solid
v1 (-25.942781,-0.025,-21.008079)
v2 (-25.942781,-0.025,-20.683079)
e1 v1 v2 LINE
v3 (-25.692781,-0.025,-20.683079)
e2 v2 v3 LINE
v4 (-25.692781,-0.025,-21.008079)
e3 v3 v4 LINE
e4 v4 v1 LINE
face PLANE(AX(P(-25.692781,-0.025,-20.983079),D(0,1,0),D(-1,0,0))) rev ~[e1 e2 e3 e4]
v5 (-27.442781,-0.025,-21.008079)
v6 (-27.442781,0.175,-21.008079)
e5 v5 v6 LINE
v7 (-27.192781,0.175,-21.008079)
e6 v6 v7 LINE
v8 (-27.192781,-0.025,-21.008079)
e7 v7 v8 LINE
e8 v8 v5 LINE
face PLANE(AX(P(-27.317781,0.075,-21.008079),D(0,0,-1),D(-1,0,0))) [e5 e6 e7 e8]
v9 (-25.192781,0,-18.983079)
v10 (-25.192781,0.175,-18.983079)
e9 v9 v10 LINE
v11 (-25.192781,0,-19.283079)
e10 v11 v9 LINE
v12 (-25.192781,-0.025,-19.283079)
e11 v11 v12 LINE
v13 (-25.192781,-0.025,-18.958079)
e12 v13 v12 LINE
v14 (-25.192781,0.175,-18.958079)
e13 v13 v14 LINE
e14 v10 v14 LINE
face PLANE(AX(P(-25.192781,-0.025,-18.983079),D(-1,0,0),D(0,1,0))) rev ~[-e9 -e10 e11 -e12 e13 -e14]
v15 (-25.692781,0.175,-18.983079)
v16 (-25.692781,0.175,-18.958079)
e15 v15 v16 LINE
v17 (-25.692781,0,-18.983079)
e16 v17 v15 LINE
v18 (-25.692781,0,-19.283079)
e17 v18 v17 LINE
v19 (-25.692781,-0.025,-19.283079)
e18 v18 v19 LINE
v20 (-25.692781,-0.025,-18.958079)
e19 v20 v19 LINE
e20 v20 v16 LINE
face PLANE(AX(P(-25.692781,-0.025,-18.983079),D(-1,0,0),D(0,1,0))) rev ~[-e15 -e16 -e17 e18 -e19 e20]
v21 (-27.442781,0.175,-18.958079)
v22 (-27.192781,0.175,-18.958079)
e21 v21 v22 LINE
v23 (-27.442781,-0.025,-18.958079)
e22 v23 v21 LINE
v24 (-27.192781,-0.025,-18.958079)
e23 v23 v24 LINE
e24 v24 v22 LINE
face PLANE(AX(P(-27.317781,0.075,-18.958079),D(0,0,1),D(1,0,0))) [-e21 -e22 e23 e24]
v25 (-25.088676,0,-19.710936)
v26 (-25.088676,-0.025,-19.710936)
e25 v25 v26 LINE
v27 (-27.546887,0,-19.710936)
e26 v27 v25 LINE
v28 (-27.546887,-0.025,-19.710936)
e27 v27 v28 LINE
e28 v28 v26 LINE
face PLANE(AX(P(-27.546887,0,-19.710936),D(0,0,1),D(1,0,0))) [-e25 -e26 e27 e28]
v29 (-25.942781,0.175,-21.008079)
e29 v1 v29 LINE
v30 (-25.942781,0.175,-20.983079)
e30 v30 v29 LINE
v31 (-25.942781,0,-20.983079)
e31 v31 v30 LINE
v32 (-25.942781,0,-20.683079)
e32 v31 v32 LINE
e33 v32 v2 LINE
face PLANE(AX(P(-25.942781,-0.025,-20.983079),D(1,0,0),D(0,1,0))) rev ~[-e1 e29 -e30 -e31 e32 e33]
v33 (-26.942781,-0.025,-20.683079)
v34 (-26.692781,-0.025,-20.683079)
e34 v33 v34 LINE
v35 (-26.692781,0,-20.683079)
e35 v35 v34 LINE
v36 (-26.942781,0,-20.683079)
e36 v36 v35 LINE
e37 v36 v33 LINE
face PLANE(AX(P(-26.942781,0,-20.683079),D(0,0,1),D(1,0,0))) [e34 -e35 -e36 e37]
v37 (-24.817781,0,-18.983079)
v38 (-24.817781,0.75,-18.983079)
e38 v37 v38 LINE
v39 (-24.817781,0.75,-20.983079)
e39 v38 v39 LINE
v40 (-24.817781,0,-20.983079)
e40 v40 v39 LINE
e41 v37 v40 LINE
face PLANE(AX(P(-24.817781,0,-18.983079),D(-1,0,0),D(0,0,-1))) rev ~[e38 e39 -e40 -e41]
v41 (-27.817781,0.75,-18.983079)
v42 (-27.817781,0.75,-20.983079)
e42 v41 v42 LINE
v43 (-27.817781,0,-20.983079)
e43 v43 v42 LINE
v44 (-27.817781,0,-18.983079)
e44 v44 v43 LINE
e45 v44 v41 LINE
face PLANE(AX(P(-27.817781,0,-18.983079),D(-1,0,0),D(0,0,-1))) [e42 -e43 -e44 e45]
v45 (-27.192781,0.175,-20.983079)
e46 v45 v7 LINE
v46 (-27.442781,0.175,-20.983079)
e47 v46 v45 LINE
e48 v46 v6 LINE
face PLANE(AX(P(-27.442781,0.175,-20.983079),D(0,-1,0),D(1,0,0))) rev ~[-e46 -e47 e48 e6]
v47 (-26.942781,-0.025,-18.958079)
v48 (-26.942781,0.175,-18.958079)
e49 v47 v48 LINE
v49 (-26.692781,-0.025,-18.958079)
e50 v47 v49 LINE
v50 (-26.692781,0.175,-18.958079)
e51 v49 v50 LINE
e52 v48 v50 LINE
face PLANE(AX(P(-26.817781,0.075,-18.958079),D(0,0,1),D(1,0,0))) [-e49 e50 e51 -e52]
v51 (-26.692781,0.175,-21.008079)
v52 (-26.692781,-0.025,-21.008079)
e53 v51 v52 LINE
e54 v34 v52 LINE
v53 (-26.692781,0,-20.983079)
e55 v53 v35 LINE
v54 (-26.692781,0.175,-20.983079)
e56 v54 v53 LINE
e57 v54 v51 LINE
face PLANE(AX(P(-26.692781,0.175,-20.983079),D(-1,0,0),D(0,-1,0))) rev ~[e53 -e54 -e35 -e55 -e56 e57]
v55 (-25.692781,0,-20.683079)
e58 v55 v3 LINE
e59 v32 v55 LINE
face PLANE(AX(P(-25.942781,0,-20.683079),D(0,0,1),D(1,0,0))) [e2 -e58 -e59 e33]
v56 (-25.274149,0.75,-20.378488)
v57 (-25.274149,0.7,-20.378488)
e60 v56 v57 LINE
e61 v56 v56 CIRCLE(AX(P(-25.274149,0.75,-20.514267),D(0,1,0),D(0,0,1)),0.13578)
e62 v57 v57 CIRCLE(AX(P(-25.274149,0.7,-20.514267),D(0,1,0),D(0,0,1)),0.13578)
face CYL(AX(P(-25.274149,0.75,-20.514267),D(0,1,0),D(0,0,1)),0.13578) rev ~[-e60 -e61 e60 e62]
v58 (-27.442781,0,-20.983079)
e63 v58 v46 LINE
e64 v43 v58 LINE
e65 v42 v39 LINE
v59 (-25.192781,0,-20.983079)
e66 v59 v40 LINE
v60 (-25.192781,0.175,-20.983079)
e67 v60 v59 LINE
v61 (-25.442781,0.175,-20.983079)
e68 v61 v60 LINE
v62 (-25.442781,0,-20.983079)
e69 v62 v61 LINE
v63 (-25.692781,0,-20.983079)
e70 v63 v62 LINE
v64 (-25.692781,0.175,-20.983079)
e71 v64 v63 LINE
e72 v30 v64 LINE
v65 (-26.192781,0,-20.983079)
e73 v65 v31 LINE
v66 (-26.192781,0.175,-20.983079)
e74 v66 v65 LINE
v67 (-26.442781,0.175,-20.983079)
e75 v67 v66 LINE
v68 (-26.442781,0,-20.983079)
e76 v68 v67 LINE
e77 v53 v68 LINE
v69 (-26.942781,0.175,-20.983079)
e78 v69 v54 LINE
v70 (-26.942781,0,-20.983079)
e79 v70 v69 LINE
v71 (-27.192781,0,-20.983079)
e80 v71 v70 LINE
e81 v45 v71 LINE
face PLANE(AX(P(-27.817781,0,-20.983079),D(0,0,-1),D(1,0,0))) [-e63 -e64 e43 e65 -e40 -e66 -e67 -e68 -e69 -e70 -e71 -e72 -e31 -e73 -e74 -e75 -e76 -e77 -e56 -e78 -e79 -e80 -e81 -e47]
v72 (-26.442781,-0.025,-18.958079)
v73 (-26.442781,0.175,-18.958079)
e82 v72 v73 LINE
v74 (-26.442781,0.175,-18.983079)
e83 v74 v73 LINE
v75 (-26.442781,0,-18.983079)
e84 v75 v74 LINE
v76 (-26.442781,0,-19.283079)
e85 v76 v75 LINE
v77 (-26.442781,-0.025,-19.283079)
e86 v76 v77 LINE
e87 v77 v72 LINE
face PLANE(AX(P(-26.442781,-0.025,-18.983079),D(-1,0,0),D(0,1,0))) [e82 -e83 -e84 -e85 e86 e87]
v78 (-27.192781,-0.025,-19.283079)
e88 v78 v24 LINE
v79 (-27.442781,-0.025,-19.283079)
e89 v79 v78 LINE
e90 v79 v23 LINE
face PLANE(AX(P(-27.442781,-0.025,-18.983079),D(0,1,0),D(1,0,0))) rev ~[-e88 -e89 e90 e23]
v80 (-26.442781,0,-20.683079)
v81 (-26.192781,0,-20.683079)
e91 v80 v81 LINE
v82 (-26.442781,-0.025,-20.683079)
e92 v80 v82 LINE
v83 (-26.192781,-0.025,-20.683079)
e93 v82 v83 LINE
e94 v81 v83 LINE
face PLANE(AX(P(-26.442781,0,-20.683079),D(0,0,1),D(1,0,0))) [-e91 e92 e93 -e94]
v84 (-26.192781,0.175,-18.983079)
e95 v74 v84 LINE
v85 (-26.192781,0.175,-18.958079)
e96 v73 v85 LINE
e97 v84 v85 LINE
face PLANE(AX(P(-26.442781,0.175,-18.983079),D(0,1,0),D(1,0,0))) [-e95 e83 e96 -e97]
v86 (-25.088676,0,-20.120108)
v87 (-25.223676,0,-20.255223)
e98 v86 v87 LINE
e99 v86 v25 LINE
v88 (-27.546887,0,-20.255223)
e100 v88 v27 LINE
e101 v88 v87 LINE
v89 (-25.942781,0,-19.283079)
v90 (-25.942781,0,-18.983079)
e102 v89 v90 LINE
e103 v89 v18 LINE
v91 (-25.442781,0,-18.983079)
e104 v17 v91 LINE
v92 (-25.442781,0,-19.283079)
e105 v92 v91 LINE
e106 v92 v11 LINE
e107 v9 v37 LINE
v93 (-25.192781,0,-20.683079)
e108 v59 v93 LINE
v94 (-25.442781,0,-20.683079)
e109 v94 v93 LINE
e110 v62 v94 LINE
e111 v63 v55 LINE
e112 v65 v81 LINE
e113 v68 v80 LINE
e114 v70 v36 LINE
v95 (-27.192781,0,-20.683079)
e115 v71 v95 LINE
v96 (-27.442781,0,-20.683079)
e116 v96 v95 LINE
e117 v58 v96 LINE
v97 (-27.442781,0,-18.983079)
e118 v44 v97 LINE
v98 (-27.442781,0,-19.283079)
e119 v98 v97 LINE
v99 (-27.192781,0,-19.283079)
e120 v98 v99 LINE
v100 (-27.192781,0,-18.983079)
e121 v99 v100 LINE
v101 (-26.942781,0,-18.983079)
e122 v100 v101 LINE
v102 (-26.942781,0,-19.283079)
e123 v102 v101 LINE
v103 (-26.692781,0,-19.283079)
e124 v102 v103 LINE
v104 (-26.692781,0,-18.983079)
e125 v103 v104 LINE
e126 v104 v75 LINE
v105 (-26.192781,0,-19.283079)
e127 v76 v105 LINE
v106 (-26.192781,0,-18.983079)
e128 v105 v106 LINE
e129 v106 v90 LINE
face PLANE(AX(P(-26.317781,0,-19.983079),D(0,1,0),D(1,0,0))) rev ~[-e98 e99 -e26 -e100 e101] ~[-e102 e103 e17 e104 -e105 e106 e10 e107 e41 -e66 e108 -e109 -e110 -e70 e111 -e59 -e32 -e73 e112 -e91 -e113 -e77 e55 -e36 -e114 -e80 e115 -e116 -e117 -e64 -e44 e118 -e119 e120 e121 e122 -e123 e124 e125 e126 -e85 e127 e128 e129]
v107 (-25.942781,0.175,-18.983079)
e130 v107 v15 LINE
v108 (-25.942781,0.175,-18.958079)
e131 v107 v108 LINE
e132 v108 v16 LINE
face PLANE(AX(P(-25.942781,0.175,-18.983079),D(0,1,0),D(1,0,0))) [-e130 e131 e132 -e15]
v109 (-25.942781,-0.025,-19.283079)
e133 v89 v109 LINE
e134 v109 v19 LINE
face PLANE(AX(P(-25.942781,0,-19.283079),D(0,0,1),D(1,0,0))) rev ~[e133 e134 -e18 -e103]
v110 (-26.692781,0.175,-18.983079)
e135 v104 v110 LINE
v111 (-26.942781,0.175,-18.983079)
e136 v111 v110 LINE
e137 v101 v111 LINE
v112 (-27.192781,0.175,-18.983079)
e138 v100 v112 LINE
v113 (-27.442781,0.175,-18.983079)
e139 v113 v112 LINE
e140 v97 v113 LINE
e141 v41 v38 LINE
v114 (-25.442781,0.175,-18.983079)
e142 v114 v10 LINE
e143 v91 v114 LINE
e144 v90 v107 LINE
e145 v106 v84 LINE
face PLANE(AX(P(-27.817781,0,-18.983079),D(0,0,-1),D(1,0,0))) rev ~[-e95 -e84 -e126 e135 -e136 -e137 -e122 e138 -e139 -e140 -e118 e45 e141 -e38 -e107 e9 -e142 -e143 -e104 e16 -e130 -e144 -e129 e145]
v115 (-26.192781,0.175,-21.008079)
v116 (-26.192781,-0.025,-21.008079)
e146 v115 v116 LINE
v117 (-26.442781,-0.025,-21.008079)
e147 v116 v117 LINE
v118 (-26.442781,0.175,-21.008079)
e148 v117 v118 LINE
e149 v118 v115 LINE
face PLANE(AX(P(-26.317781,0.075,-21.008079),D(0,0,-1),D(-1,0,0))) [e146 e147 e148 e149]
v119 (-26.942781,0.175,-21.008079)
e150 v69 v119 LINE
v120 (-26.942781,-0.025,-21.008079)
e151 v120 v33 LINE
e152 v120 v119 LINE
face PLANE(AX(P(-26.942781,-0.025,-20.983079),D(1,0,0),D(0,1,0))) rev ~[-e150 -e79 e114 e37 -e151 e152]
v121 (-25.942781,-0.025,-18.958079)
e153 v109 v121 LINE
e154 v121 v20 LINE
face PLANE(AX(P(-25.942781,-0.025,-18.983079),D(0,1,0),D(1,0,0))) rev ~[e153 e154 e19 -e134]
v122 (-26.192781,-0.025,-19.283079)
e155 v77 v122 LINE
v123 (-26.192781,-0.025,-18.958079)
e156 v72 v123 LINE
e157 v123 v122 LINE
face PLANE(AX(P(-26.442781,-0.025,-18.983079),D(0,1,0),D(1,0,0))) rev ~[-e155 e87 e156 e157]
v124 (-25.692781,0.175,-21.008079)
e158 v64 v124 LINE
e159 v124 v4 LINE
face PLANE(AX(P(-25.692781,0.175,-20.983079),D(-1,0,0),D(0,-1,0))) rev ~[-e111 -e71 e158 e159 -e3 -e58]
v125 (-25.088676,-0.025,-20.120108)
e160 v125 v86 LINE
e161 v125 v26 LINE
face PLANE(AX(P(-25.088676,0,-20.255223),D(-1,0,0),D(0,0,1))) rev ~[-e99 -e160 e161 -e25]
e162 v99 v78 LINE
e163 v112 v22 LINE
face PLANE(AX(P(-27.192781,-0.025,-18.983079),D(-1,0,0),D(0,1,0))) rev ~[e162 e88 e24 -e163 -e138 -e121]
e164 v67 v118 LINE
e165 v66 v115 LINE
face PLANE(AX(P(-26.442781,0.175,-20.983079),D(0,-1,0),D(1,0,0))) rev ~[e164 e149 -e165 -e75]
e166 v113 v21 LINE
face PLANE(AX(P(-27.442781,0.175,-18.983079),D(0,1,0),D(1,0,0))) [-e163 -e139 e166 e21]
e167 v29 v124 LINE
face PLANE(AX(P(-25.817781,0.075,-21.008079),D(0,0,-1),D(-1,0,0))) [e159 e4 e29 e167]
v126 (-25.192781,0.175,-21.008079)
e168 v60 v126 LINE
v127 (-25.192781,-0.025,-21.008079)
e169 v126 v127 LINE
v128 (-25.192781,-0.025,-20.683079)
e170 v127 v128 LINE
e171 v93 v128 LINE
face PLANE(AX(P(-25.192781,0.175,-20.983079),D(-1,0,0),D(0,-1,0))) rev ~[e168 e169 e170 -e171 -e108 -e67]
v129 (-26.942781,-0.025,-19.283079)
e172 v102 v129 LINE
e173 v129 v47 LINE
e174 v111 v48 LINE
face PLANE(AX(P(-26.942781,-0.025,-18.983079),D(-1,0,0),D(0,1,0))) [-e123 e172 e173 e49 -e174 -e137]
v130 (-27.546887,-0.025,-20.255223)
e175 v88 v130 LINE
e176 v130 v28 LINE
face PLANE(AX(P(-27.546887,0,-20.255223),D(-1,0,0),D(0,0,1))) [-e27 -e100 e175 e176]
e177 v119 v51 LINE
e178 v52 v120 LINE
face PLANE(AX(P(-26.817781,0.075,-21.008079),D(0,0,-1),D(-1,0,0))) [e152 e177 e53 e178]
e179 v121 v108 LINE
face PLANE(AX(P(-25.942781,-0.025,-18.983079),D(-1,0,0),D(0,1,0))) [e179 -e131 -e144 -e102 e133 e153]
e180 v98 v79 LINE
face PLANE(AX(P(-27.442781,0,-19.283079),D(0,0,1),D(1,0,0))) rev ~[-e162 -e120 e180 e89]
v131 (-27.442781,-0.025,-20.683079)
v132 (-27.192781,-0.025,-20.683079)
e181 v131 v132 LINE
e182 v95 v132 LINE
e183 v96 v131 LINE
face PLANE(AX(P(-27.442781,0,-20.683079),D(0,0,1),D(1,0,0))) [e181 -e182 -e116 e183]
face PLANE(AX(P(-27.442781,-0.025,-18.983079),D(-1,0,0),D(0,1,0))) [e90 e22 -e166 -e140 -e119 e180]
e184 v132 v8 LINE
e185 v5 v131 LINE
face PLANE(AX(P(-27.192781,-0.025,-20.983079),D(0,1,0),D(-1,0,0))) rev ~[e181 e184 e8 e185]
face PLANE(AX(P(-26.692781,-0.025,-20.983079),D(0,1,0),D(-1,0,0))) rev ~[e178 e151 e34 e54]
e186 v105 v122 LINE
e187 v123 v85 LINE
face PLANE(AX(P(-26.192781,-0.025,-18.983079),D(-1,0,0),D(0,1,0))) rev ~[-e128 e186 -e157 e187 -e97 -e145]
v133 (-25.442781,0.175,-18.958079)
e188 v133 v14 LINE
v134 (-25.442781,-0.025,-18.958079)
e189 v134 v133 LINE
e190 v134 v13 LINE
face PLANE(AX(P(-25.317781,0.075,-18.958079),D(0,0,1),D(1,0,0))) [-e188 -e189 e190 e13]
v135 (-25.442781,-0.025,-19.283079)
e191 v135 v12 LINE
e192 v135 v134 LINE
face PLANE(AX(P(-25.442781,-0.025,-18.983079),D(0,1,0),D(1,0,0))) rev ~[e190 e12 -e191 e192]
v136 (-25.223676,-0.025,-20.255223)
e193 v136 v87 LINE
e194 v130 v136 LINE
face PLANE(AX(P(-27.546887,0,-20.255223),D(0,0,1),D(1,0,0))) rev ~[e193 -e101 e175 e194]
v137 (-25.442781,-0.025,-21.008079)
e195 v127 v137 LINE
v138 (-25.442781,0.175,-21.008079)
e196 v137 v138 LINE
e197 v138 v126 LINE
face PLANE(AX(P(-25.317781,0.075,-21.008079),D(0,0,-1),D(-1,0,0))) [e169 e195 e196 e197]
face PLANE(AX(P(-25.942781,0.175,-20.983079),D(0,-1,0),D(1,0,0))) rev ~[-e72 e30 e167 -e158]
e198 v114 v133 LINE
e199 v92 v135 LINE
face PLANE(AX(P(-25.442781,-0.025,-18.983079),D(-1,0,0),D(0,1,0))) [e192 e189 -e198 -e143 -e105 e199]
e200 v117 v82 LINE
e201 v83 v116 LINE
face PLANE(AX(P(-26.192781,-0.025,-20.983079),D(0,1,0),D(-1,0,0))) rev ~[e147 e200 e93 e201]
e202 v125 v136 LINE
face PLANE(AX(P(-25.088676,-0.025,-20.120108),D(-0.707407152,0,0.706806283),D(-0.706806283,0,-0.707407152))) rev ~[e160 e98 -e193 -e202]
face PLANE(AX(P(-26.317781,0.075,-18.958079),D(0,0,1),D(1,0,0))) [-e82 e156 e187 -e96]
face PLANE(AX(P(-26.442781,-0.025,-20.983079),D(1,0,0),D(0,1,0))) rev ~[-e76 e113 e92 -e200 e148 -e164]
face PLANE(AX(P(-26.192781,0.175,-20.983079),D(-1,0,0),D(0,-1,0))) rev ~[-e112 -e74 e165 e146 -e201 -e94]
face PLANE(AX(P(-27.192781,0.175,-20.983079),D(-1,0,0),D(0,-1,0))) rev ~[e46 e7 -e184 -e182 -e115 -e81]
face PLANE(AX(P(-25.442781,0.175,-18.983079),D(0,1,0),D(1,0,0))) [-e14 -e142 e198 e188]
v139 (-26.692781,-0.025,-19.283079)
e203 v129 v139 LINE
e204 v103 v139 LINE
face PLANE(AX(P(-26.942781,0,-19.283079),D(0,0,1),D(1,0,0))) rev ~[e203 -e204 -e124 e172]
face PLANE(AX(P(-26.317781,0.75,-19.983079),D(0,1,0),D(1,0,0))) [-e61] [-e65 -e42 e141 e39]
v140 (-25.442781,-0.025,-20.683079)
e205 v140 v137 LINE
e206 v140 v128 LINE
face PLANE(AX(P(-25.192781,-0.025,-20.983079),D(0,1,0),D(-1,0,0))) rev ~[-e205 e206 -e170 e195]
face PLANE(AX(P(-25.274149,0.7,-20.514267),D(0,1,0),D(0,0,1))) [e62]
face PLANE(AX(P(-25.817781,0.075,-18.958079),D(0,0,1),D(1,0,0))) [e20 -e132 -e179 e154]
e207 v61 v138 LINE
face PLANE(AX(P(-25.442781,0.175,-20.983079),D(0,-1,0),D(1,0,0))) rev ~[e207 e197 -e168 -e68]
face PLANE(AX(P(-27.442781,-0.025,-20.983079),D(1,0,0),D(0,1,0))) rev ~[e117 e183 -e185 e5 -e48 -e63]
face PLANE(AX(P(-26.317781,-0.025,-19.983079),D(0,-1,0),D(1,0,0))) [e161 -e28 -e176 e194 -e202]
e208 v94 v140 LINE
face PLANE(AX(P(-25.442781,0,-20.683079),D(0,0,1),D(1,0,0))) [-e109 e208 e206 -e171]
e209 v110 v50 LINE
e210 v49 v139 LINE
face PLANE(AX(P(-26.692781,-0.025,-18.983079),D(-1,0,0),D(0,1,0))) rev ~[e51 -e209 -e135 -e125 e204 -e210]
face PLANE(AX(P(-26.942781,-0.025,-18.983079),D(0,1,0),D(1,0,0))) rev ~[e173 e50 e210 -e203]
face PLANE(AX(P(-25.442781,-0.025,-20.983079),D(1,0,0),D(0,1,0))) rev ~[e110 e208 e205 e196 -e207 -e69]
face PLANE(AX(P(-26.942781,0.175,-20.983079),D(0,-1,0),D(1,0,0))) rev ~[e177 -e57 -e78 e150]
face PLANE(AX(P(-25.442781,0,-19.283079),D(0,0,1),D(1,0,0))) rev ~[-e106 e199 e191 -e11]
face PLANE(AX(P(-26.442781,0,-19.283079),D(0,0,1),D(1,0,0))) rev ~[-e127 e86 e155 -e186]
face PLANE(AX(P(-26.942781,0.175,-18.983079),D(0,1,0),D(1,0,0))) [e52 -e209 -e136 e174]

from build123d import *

# Parameters (mm, degrees)
SKETCH1_W           = 3
SKETCH1_H           = 2
BOSS_EXTRUDE1_DEPTH = 0.75
SKETCH2_W           = 0.25
SKETCH2_H           = 0.3
SKETCH2_W_2         = 2.458211199
SKETCH2_H_2         = 0.544287264
BOSS_EXTRUDE2_DEPTH = 0.025
CUT_EXTRUDE1_DEPTH  = 0.025
SKETCH8_W           = 0.25
SKETCH8_H           = 0.2
BOSS_EXTRUDE3_DEPTH = 0.025
BOSS_EXTRUDE4_DEPTH = 0.025
SKETCH10_R          = 0.135779542
CUT_EXTRUDE2_DEPTH  = 0.05


with BuildPart() as part:
    # Sketch1 → Boss-Extrude1 (new body)
    with BuildSketch(Plane(origin=(0, 0, 0), x_dir=(1, 0, 0), z_dir=(0, 1, 0))):
        with Locations((-26.317781221, 19.983079484)):
            Rectangle(SKETCH1_W, SKETCH1_H)
    extrude(amount=BOSS_EXTRUDE1_DEPTH)

    # Sketch2 → Boss-Extrude2 (add)
    with BuildSketch(Plane.XZ):
        with Locations((-25.817781221, -20.833079484)):
            Rectangle(SKETCH2_W, SKETCH2_H)
        with Locations((-25.317781221, -20.833079484)):
            Rectangle(SKETCH2_W, SKETCH2_H)
        with Locations((-26.317781221, -20.833079484)):
            Rectangle(SKETCH2_W, SKETCH2_H)
        with Locations((-26.817781221, -20.833079484)):
            Rectangle(SKETCH2_W, SKETCH2_H)
        with Locations((-27.317781221, -20.833079484)):
            Rectangle(SKETCH2_W, SKETCH2_H)
        with Locations((-26.817781221, -19.133079484)):
            Rectangle(SKETCH2_W, SKETCH2_H)
        with Locations((-27.317781221, -19.133079484)):
            Rectangle(SKETCH2_W, SKETCH2_H)
        with Locations((-26.317781221, -19.133079484)):
            Rectangle(SKETCH2_W, SKETCH2_H)
        with Locations((-25.817781221, -19.133079484)):
            Rectangle(SKETCH2_W, SKETCH2_H)
        with Locations((-25.317781221, -19.133079484)):
            Rectangle(SKETCH2_W, SKETCH2_H)
        with Locations((-26.317781221, -19.983079484)):
            Rectangle(SKETCH2_W_2, SKETCH2_H_2)
    extrude(amount=BOSS_EXTRUDE2_DEPTH)

    # Sketch3 → Cut-Extrude1 (cut)
    with BuildSketch(Plane(origin=(0, -0.025, 0), x_dir=(-1, 0, 0), z_dir=(0, -1, 0))):
        Polygon((25.088675621, 20.12010835), (25.223675621, 20.255223116), (25.088675621, 20.255223116), align=None)
    extrude(amount=-CUT_EXTRUDE1_DEPTH, mode=Mode.SUBTRACT)

    # Sketch8 → Boss-Extrude3 (add)
    with BuildSketch(Plane.XY.offset(-18.983079484)):
        with Locations((-27.317781221, 0.075)):
            Rectangle(SKETCH8_W, SKETCH8_H)
        with Locations((-26.817781221, 0.075)):
            Rectangle(SKETCH8_W, SKETCH8_H)
        with Locations((-26.317781221, 0.075)):
            Rectangle(SKETCH8_W, SKETCH8_H)
        with Locations((-25.817781221, 0.075)):
            Rectangle(SKETCH8_W, SKETCH8_H)
        with Locations((-25.317781221, 0.075)):
            Rectangle(SKETCH8_W, SKETCH8_H)
    extrude(amount=BOSS_EXTRUDE3_DEPTH)

    # Sketch5 → Boss-Extrude4 (add)
    with BuildSketch(Plane(origin=(0, 0, -20.983079484), x_dir=(-1, 0, 0), z_dir=(0, 0, -1))):
        Polygon((25.192781221, 0), (25.192781221, -0.025), (25.442781221, -0.025), (25.442781221, 0), (25.442781221, 0.175), (25.192781221, 0.175), align=None)
        Polygon((25.692781221, 0), (25.692781221, -0.025), (25.942781221, -0.025), (25.942781221, 0), (25.942781221, 0.175), (25.692781221, 0.175), align=None)
        Polygon((26.192781221, 0), (26.192781221, -0.025), (26.442781221, -0.025), (26.442781221, 0), (26.442781221, 0.175), (26.192781221, 0.175), align=None)
        Polygon((26.692781221, 0), (26.692781221, -0.025), (26.942781221, -0.025), (26.942781221, 0), (26.942781221, 0.175), (26.692781221, 0.175), align=None)
        Polygon((27.192781221, 0), (27.192781221, -0.025), (27.442781221, -0.025), (27.442781221, 0), (27.442781221, 0.175), (27.192781221, 0.175), align=None)
    extrude(amount=BOSS_EXTRUDE4_DEPTH)

    # Sketch10 → Cut-Extrude2 (cut)
    with BuildSketch(Plane(origin=(0, 0.75, 0), x_dir=(1, 0, 0), z_dir=(0, 1, 0))):
        with Locations(Location((-25.274148522, 20.514267266, 0), (0, 0, 270))):
            Circle(SKETCH10_R)
    extrude(amount=-CUT_EXTRUDE2_DEPTH, mode=Mode.SUBTRACT)


solid = part.part
